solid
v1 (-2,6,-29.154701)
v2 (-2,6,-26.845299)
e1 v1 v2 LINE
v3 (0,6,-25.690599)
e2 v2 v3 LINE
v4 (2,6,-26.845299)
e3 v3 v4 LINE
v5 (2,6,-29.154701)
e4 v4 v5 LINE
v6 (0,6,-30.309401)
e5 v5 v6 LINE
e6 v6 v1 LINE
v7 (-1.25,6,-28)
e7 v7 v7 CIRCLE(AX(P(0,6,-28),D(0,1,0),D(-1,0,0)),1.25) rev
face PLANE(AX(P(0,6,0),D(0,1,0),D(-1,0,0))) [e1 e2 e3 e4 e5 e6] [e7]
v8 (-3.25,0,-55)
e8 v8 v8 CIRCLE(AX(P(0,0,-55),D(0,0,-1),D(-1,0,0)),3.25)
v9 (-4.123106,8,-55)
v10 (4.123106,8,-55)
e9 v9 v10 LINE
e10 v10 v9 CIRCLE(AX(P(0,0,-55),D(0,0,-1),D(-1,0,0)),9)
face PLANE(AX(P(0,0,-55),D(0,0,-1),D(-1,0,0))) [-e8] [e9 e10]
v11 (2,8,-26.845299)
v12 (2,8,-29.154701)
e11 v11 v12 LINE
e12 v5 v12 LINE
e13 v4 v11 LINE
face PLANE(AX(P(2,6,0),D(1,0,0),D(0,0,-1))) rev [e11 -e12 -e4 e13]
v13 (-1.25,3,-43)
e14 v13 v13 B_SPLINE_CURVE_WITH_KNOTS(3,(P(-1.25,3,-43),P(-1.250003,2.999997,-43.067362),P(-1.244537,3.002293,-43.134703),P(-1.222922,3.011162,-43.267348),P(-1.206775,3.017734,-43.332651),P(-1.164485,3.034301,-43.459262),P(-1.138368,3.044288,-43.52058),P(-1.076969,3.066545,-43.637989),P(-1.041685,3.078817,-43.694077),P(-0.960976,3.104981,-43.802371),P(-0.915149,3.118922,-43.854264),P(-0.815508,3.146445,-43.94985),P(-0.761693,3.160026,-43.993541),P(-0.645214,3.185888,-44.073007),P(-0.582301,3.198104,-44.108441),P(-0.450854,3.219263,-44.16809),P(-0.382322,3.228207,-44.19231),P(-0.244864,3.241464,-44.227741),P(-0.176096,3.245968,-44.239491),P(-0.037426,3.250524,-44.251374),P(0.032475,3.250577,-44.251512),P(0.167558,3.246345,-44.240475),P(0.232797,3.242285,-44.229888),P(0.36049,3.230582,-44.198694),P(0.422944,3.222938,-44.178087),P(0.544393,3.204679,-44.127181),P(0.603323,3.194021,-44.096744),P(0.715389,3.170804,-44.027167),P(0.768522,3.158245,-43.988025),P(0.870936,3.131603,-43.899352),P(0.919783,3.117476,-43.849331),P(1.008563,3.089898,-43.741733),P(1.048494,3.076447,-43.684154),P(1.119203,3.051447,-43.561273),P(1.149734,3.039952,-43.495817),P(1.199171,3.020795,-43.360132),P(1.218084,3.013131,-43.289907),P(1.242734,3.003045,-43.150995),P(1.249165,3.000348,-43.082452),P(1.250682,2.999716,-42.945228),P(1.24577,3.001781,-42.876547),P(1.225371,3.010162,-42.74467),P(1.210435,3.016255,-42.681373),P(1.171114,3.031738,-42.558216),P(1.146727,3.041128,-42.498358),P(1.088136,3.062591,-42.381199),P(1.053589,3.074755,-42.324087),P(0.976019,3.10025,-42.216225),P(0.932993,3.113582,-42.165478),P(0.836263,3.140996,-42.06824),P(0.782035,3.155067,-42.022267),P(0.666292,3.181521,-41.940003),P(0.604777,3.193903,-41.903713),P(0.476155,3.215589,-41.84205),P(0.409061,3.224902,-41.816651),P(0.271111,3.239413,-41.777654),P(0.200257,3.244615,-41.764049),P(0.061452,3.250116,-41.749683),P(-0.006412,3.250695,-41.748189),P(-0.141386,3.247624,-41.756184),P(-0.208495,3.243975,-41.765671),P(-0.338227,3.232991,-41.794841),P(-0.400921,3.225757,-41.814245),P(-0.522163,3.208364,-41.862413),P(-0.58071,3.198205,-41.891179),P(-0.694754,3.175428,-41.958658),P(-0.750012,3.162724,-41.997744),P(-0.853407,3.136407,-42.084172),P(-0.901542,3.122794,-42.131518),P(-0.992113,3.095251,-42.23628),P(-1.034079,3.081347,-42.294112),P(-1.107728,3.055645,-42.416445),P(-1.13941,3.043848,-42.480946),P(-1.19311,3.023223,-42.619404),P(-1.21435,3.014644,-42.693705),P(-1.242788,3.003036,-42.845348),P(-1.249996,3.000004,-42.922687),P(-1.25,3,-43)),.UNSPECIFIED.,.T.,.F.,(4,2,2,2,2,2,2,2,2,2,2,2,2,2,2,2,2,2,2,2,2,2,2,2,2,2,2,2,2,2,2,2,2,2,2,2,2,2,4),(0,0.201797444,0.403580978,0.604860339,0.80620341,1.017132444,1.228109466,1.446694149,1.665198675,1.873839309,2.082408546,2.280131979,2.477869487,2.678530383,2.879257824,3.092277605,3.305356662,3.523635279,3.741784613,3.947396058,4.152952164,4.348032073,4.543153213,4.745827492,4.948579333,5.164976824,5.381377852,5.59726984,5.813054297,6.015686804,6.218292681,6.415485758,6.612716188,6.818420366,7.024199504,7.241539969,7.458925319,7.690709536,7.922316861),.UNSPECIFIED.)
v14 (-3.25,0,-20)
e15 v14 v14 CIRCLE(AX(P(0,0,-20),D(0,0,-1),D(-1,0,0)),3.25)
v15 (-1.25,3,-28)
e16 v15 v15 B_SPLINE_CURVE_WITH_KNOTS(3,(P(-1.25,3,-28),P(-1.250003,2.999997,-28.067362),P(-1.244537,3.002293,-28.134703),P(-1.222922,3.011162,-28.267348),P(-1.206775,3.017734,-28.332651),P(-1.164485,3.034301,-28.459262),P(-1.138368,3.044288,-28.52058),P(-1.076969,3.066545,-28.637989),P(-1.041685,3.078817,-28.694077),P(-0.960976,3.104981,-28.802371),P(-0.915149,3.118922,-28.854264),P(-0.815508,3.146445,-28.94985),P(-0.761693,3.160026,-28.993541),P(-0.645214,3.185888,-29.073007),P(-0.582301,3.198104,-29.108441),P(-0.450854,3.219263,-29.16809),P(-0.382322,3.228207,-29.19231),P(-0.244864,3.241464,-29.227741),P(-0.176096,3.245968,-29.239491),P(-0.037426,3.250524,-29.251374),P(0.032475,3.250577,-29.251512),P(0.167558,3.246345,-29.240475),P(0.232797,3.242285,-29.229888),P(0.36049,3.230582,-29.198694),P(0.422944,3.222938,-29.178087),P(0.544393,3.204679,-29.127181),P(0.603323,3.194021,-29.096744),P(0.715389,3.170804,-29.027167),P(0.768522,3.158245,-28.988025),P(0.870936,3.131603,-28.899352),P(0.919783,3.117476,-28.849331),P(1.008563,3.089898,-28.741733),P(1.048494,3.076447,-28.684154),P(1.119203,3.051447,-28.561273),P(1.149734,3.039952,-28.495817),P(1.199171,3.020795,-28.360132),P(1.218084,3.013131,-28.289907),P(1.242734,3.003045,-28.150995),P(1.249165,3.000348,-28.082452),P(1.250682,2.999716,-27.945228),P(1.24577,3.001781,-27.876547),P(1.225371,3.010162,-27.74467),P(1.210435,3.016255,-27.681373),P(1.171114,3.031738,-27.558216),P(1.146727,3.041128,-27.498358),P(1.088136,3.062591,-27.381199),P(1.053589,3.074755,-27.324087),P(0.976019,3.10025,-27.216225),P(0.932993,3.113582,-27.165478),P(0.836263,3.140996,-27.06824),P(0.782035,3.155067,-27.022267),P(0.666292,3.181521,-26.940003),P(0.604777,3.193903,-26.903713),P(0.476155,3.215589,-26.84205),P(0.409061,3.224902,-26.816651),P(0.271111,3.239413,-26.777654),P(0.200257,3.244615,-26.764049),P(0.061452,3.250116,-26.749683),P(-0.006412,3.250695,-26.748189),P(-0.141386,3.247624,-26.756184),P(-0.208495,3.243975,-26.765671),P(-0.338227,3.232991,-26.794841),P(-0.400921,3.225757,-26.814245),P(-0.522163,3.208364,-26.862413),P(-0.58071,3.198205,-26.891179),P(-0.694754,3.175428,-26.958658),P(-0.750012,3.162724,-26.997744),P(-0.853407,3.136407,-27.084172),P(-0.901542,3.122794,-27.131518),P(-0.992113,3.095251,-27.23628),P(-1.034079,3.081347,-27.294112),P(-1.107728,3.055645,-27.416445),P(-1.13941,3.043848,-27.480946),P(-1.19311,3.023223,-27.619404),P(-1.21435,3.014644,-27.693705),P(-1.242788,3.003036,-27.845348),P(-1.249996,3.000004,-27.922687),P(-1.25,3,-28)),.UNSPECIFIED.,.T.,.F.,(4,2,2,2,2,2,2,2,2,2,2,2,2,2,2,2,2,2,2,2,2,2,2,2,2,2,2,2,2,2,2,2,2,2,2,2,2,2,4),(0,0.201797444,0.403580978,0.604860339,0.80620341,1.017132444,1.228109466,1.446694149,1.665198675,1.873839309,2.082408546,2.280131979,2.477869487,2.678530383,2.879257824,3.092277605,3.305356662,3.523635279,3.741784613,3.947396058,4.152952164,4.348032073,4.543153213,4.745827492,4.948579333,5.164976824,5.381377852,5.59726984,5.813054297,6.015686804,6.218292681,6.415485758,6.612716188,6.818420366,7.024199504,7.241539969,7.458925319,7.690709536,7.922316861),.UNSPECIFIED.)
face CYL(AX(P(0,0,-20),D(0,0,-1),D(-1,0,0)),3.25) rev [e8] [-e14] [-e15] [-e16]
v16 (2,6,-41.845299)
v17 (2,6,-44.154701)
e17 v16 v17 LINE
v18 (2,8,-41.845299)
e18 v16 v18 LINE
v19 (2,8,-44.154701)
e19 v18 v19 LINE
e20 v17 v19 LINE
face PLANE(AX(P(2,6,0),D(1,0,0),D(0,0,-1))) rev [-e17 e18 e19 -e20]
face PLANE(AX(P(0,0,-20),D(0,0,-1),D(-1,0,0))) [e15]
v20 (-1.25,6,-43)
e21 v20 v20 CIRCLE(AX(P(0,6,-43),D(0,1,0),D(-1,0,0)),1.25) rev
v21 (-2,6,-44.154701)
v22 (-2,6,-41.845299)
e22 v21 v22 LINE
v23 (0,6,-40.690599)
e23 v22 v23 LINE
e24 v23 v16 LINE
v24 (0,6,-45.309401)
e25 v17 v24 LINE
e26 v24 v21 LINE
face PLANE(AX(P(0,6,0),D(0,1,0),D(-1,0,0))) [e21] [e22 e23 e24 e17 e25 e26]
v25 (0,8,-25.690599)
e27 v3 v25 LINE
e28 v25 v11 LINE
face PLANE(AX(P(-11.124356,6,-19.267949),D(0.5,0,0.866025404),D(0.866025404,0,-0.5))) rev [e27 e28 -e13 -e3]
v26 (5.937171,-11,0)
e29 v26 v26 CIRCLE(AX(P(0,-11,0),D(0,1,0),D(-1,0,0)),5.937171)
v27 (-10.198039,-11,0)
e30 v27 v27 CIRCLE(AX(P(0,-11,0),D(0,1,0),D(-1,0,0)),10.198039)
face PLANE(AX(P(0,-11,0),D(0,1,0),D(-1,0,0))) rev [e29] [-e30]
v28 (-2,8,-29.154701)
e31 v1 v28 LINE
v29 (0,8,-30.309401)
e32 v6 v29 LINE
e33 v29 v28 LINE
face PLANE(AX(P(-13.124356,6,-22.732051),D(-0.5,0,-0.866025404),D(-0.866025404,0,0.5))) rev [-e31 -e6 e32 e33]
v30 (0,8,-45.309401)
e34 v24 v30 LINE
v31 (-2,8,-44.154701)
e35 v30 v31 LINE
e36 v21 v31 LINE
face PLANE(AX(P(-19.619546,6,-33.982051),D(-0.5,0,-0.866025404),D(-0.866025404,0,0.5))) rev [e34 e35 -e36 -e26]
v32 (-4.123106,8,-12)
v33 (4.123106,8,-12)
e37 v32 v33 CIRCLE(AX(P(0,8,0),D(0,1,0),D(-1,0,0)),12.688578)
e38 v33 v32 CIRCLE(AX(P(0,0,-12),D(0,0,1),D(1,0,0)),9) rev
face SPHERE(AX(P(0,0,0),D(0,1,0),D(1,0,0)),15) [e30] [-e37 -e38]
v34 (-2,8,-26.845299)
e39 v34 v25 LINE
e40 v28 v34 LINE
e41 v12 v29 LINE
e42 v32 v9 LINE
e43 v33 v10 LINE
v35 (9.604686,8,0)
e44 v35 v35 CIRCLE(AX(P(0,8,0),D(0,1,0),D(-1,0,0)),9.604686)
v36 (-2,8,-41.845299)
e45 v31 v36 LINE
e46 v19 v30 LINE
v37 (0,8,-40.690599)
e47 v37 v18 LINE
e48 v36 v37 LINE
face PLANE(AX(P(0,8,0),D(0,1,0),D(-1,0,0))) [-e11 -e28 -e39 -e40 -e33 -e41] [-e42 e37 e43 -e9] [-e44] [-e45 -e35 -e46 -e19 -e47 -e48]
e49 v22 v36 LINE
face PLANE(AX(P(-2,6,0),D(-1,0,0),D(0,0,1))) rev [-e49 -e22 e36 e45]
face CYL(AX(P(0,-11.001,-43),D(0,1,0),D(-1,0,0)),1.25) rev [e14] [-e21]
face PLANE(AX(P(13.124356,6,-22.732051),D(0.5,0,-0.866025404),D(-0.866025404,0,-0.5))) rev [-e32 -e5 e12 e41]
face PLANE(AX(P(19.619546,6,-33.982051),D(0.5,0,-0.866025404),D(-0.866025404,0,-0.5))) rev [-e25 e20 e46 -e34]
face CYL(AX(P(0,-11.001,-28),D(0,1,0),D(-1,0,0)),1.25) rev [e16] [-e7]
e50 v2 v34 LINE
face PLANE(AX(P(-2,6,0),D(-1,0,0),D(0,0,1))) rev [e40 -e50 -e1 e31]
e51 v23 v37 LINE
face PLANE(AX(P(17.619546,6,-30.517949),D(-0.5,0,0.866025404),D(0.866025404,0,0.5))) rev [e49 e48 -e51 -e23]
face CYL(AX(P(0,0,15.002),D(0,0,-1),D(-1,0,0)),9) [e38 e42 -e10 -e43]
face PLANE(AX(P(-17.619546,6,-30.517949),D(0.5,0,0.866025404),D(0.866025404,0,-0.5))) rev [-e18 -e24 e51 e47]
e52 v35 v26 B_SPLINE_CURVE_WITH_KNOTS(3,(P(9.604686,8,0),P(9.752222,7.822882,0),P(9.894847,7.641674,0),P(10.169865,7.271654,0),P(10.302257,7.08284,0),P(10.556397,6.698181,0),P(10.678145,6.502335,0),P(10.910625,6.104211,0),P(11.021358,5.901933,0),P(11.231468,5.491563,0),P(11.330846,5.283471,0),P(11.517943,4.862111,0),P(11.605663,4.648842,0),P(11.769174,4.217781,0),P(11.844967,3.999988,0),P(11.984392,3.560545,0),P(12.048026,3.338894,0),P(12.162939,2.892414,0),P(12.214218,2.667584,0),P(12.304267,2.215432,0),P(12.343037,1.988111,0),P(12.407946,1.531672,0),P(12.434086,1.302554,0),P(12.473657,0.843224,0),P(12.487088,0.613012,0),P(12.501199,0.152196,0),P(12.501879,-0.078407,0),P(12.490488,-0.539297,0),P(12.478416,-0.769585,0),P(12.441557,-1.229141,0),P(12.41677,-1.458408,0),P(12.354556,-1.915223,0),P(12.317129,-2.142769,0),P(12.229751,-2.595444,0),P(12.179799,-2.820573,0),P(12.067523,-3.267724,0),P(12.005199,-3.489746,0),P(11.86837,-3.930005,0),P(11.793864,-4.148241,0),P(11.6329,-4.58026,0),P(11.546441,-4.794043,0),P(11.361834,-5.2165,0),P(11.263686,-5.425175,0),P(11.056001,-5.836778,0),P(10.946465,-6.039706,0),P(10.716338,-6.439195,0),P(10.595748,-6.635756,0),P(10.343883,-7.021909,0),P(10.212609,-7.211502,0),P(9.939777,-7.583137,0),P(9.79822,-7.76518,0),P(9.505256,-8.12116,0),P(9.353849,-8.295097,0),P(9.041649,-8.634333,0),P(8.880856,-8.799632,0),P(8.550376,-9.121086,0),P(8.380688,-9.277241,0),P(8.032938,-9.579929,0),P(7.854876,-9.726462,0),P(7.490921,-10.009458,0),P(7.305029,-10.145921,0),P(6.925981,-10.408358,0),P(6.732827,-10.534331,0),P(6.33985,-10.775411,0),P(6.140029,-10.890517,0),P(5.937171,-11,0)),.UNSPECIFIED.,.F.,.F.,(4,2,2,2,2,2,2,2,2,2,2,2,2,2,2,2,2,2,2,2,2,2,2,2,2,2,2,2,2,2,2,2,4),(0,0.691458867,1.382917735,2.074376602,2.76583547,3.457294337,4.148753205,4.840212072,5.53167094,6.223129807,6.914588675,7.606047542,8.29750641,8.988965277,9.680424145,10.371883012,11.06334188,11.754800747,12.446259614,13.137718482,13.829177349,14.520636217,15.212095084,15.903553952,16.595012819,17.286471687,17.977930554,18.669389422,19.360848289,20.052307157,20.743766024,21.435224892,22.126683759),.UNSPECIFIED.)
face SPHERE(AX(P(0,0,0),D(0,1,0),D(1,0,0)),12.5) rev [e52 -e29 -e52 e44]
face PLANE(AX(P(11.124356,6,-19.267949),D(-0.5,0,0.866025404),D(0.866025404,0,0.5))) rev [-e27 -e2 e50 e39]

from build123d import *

# Parameters (mm, degrees)
BOSS_EXTRUDE2_REACH             = 37.299
BOSS_EXTRUDE2_END_RADIUS        = 15
BOSS_EXTRUDE2_DIRECTION_2_DEPTH = 40
SKETCH3_R                       = 3.25
CUT_EXTRUDE1_DEPTH              = 35
SKETCH4_R                       = 1.25
CUT_EXTRUDE3_DEPTH              = 2
CUT_EXTRUDE4_REACH              = 62.092
CUT_EXTRUDE4_END_RADIUS         = 3.25
SKETCH4_3_R                     = 1.25


with BuildPart() as part:
    # Sketch1 → Revolve1 (revolve)
    with BuildSketch(Plane.XY):
        with BuildLine():
            Line((9.604686356, 8), (12.68857754, 8))
            ThreePointArc((12.68857754, 8), (14.872770572, -1.949537258), (10.198039027, -11))
            Line((10.198039027, -11), (5.937171044, -11))
            ThreePointArc((5.937171044, -11), (12.27344014, -2.369106824), (9.604686356, 8))
        make_face()
    revolve(axis=Axis((0, 10, 0), (0, -1, 0)))

    # Boss-Extrude2: up to this sphere (the profile starts outside it)
    boss_extrude2_end = Location((0, 0, 0)) * Sphere(BOSS_EXTRUDE2_END_RADIUS, mode=Mode.PRIVATE)
    # Sketch2 → Boss-Extrude2 (add, up to the surface)
    with BuildSketch(Plane(origin=(0, 0, -15), x_dir=(-1, 0, 0), z_dir=(0, 0, -1)), mode=Mode.PRIVATE) as boss_extrude2_sk1:
        with BuildLine():
            Line((4.123105626, 8), (-4.123105626, 8))
            ThreePointArc((-4.123105626, 8), (0, -9), (4.123105626, 8))
        make_face()
    boss_extrude2_tool1 = extrude(boss_extrude2_sk1.sketch, amount=-BOSS_EXTRUDE2_REACH, mode=Mode.PRIVATE) - boss_extrude2_end
    add(boss_extrude2_tool1.solids().sort_by_distance((0, -0.187735, -15))[0])

    # Sketch2 → Boss-Extrude2 direction 2 (add)
    with BuildSketch(Plane(origin=(0, 0, -15), x_dir=(-1, 0, 0), z_dir=(0, 0, -1))):
        with BuildLine():
            Line((4.123105626, 8), (-4.123105626, 8))
            ThreePointArc((-4.123105626, 8), (0, -9), (4.123105626, 8))
        make_face()
    extrude(amount=BOSS_EXTRUDE2_DIRECTION_2_DEPTH)

    # Sketch3 → Cut-Extrude1 (cut)
    with BuildSketch(Plane(origin=(0, 0, -55), x_dir=(-1, 0, 0), z_dir=(0, 0, -1))):
        Circle(SKETCH3_R)
    extrude(amount=-CUT_EXTRUDE1_DEPTH, mode=Mode.SUBTRACT)

    # Sketch4 → Cut-Extrude3 (cut)
    # profile 1 of 2: a face of its own
    with BuildSketch(Plane(origin=(0, 8, 0), x_dir=(1, 0, 0), z_dir=(0, 1, 0))):
        Polygon((-2, 26.845299462), (0, 25.690598923), (2, 26.845299462), (2, 29.154700538), (0, 30.309401077), (-2, 29.154700538), align=None)
        with Locations(Location((0, 28, 0), (0, 0, 180))):
            Circle(SKETCH4_R, mode=Mode.SUBTRACT)
    # profile 2 of 2: a face of its own
    with BuildSketch(Plane(origin=(0, 8, 0), x_dir=(1, 0, 0), z_dir=(0, 1, 0))):
        Polygon((-2, 41.845299462), (0, 40.690598923), (2, 41.845299462), (2, 44.154700538), (0, 45.309401077), (-2, 44.154700538), align=None)
        with Locations(Location((0, 43, 0), (0, 0, 180))):
            Circle(SKETCH4_R, mode=Mode.SUBTRACT)
    extrude(amount=-CUT_EXTRUDE3_DEPTH, mode=Mode.SUBTRACT)

    # Cut-Extrude4: up to this cylinder (the profile starts outside it)
    cut_extrude4_end = Plane(origin=(0, 0, -35.5), z_dir=(0, 0, -1)) * Cylinder(CUT_EXTRUDE4_END_RADIUS, 146.684, mode=Mode.PRIVATE)
    # Sketch4<3> → Cut-Extrude4 (cut, up to the surface)
    with BuildSketch(Plane(origin=(0, 8, 0), x_dir=(1, 0, 0), z_dir=(0, 1, 0)), mode=Mode.PRIVATE) as cut_extrude4_sk1:
        with Locations(Location((0, 28, 0), (0, 0, 180))):
            Circle(SKETCH4_3_R)
    cut_extrude4_tool1 = extrude(cut_extrude4_sk1.sketch, amount=-CUT_EXTRUDE4_REACH, mode=Mode.PRIVATE) - cut_extrude4_end
    add(cut_extrude4_tool1.solids().sort_by_distance((0, 8, -28))[0], mode=Mode.SUBTRACT)
    # Sketch4<3> → Cut-Extrude4 (cut, up to the surface)
    with BuildSketch(Plane(origin=(0, 8, 0), x_dir=(1, 0, 0), z_dir=(0, 1, 0)), mode=Mode.PRIVATE) as cut_extrude4_sk2:
        with Locations(Location((0, 43, 0), (0, 0, 180))):
            Circle(SKETCH4_3_R)
    cut_extrude4_tool2 = extrude(cut_extrude4_sk2.sketch, amount=-CUT_EXTRUDE4_REACH, mode=Mode.PRIVATE) - cut_extrude4_end
    add(cut_extrude4_tool2.solids().sort_by_distance((0, 8, -43))[0], mode=Mode.SUBTRACT)


solid = part.part
